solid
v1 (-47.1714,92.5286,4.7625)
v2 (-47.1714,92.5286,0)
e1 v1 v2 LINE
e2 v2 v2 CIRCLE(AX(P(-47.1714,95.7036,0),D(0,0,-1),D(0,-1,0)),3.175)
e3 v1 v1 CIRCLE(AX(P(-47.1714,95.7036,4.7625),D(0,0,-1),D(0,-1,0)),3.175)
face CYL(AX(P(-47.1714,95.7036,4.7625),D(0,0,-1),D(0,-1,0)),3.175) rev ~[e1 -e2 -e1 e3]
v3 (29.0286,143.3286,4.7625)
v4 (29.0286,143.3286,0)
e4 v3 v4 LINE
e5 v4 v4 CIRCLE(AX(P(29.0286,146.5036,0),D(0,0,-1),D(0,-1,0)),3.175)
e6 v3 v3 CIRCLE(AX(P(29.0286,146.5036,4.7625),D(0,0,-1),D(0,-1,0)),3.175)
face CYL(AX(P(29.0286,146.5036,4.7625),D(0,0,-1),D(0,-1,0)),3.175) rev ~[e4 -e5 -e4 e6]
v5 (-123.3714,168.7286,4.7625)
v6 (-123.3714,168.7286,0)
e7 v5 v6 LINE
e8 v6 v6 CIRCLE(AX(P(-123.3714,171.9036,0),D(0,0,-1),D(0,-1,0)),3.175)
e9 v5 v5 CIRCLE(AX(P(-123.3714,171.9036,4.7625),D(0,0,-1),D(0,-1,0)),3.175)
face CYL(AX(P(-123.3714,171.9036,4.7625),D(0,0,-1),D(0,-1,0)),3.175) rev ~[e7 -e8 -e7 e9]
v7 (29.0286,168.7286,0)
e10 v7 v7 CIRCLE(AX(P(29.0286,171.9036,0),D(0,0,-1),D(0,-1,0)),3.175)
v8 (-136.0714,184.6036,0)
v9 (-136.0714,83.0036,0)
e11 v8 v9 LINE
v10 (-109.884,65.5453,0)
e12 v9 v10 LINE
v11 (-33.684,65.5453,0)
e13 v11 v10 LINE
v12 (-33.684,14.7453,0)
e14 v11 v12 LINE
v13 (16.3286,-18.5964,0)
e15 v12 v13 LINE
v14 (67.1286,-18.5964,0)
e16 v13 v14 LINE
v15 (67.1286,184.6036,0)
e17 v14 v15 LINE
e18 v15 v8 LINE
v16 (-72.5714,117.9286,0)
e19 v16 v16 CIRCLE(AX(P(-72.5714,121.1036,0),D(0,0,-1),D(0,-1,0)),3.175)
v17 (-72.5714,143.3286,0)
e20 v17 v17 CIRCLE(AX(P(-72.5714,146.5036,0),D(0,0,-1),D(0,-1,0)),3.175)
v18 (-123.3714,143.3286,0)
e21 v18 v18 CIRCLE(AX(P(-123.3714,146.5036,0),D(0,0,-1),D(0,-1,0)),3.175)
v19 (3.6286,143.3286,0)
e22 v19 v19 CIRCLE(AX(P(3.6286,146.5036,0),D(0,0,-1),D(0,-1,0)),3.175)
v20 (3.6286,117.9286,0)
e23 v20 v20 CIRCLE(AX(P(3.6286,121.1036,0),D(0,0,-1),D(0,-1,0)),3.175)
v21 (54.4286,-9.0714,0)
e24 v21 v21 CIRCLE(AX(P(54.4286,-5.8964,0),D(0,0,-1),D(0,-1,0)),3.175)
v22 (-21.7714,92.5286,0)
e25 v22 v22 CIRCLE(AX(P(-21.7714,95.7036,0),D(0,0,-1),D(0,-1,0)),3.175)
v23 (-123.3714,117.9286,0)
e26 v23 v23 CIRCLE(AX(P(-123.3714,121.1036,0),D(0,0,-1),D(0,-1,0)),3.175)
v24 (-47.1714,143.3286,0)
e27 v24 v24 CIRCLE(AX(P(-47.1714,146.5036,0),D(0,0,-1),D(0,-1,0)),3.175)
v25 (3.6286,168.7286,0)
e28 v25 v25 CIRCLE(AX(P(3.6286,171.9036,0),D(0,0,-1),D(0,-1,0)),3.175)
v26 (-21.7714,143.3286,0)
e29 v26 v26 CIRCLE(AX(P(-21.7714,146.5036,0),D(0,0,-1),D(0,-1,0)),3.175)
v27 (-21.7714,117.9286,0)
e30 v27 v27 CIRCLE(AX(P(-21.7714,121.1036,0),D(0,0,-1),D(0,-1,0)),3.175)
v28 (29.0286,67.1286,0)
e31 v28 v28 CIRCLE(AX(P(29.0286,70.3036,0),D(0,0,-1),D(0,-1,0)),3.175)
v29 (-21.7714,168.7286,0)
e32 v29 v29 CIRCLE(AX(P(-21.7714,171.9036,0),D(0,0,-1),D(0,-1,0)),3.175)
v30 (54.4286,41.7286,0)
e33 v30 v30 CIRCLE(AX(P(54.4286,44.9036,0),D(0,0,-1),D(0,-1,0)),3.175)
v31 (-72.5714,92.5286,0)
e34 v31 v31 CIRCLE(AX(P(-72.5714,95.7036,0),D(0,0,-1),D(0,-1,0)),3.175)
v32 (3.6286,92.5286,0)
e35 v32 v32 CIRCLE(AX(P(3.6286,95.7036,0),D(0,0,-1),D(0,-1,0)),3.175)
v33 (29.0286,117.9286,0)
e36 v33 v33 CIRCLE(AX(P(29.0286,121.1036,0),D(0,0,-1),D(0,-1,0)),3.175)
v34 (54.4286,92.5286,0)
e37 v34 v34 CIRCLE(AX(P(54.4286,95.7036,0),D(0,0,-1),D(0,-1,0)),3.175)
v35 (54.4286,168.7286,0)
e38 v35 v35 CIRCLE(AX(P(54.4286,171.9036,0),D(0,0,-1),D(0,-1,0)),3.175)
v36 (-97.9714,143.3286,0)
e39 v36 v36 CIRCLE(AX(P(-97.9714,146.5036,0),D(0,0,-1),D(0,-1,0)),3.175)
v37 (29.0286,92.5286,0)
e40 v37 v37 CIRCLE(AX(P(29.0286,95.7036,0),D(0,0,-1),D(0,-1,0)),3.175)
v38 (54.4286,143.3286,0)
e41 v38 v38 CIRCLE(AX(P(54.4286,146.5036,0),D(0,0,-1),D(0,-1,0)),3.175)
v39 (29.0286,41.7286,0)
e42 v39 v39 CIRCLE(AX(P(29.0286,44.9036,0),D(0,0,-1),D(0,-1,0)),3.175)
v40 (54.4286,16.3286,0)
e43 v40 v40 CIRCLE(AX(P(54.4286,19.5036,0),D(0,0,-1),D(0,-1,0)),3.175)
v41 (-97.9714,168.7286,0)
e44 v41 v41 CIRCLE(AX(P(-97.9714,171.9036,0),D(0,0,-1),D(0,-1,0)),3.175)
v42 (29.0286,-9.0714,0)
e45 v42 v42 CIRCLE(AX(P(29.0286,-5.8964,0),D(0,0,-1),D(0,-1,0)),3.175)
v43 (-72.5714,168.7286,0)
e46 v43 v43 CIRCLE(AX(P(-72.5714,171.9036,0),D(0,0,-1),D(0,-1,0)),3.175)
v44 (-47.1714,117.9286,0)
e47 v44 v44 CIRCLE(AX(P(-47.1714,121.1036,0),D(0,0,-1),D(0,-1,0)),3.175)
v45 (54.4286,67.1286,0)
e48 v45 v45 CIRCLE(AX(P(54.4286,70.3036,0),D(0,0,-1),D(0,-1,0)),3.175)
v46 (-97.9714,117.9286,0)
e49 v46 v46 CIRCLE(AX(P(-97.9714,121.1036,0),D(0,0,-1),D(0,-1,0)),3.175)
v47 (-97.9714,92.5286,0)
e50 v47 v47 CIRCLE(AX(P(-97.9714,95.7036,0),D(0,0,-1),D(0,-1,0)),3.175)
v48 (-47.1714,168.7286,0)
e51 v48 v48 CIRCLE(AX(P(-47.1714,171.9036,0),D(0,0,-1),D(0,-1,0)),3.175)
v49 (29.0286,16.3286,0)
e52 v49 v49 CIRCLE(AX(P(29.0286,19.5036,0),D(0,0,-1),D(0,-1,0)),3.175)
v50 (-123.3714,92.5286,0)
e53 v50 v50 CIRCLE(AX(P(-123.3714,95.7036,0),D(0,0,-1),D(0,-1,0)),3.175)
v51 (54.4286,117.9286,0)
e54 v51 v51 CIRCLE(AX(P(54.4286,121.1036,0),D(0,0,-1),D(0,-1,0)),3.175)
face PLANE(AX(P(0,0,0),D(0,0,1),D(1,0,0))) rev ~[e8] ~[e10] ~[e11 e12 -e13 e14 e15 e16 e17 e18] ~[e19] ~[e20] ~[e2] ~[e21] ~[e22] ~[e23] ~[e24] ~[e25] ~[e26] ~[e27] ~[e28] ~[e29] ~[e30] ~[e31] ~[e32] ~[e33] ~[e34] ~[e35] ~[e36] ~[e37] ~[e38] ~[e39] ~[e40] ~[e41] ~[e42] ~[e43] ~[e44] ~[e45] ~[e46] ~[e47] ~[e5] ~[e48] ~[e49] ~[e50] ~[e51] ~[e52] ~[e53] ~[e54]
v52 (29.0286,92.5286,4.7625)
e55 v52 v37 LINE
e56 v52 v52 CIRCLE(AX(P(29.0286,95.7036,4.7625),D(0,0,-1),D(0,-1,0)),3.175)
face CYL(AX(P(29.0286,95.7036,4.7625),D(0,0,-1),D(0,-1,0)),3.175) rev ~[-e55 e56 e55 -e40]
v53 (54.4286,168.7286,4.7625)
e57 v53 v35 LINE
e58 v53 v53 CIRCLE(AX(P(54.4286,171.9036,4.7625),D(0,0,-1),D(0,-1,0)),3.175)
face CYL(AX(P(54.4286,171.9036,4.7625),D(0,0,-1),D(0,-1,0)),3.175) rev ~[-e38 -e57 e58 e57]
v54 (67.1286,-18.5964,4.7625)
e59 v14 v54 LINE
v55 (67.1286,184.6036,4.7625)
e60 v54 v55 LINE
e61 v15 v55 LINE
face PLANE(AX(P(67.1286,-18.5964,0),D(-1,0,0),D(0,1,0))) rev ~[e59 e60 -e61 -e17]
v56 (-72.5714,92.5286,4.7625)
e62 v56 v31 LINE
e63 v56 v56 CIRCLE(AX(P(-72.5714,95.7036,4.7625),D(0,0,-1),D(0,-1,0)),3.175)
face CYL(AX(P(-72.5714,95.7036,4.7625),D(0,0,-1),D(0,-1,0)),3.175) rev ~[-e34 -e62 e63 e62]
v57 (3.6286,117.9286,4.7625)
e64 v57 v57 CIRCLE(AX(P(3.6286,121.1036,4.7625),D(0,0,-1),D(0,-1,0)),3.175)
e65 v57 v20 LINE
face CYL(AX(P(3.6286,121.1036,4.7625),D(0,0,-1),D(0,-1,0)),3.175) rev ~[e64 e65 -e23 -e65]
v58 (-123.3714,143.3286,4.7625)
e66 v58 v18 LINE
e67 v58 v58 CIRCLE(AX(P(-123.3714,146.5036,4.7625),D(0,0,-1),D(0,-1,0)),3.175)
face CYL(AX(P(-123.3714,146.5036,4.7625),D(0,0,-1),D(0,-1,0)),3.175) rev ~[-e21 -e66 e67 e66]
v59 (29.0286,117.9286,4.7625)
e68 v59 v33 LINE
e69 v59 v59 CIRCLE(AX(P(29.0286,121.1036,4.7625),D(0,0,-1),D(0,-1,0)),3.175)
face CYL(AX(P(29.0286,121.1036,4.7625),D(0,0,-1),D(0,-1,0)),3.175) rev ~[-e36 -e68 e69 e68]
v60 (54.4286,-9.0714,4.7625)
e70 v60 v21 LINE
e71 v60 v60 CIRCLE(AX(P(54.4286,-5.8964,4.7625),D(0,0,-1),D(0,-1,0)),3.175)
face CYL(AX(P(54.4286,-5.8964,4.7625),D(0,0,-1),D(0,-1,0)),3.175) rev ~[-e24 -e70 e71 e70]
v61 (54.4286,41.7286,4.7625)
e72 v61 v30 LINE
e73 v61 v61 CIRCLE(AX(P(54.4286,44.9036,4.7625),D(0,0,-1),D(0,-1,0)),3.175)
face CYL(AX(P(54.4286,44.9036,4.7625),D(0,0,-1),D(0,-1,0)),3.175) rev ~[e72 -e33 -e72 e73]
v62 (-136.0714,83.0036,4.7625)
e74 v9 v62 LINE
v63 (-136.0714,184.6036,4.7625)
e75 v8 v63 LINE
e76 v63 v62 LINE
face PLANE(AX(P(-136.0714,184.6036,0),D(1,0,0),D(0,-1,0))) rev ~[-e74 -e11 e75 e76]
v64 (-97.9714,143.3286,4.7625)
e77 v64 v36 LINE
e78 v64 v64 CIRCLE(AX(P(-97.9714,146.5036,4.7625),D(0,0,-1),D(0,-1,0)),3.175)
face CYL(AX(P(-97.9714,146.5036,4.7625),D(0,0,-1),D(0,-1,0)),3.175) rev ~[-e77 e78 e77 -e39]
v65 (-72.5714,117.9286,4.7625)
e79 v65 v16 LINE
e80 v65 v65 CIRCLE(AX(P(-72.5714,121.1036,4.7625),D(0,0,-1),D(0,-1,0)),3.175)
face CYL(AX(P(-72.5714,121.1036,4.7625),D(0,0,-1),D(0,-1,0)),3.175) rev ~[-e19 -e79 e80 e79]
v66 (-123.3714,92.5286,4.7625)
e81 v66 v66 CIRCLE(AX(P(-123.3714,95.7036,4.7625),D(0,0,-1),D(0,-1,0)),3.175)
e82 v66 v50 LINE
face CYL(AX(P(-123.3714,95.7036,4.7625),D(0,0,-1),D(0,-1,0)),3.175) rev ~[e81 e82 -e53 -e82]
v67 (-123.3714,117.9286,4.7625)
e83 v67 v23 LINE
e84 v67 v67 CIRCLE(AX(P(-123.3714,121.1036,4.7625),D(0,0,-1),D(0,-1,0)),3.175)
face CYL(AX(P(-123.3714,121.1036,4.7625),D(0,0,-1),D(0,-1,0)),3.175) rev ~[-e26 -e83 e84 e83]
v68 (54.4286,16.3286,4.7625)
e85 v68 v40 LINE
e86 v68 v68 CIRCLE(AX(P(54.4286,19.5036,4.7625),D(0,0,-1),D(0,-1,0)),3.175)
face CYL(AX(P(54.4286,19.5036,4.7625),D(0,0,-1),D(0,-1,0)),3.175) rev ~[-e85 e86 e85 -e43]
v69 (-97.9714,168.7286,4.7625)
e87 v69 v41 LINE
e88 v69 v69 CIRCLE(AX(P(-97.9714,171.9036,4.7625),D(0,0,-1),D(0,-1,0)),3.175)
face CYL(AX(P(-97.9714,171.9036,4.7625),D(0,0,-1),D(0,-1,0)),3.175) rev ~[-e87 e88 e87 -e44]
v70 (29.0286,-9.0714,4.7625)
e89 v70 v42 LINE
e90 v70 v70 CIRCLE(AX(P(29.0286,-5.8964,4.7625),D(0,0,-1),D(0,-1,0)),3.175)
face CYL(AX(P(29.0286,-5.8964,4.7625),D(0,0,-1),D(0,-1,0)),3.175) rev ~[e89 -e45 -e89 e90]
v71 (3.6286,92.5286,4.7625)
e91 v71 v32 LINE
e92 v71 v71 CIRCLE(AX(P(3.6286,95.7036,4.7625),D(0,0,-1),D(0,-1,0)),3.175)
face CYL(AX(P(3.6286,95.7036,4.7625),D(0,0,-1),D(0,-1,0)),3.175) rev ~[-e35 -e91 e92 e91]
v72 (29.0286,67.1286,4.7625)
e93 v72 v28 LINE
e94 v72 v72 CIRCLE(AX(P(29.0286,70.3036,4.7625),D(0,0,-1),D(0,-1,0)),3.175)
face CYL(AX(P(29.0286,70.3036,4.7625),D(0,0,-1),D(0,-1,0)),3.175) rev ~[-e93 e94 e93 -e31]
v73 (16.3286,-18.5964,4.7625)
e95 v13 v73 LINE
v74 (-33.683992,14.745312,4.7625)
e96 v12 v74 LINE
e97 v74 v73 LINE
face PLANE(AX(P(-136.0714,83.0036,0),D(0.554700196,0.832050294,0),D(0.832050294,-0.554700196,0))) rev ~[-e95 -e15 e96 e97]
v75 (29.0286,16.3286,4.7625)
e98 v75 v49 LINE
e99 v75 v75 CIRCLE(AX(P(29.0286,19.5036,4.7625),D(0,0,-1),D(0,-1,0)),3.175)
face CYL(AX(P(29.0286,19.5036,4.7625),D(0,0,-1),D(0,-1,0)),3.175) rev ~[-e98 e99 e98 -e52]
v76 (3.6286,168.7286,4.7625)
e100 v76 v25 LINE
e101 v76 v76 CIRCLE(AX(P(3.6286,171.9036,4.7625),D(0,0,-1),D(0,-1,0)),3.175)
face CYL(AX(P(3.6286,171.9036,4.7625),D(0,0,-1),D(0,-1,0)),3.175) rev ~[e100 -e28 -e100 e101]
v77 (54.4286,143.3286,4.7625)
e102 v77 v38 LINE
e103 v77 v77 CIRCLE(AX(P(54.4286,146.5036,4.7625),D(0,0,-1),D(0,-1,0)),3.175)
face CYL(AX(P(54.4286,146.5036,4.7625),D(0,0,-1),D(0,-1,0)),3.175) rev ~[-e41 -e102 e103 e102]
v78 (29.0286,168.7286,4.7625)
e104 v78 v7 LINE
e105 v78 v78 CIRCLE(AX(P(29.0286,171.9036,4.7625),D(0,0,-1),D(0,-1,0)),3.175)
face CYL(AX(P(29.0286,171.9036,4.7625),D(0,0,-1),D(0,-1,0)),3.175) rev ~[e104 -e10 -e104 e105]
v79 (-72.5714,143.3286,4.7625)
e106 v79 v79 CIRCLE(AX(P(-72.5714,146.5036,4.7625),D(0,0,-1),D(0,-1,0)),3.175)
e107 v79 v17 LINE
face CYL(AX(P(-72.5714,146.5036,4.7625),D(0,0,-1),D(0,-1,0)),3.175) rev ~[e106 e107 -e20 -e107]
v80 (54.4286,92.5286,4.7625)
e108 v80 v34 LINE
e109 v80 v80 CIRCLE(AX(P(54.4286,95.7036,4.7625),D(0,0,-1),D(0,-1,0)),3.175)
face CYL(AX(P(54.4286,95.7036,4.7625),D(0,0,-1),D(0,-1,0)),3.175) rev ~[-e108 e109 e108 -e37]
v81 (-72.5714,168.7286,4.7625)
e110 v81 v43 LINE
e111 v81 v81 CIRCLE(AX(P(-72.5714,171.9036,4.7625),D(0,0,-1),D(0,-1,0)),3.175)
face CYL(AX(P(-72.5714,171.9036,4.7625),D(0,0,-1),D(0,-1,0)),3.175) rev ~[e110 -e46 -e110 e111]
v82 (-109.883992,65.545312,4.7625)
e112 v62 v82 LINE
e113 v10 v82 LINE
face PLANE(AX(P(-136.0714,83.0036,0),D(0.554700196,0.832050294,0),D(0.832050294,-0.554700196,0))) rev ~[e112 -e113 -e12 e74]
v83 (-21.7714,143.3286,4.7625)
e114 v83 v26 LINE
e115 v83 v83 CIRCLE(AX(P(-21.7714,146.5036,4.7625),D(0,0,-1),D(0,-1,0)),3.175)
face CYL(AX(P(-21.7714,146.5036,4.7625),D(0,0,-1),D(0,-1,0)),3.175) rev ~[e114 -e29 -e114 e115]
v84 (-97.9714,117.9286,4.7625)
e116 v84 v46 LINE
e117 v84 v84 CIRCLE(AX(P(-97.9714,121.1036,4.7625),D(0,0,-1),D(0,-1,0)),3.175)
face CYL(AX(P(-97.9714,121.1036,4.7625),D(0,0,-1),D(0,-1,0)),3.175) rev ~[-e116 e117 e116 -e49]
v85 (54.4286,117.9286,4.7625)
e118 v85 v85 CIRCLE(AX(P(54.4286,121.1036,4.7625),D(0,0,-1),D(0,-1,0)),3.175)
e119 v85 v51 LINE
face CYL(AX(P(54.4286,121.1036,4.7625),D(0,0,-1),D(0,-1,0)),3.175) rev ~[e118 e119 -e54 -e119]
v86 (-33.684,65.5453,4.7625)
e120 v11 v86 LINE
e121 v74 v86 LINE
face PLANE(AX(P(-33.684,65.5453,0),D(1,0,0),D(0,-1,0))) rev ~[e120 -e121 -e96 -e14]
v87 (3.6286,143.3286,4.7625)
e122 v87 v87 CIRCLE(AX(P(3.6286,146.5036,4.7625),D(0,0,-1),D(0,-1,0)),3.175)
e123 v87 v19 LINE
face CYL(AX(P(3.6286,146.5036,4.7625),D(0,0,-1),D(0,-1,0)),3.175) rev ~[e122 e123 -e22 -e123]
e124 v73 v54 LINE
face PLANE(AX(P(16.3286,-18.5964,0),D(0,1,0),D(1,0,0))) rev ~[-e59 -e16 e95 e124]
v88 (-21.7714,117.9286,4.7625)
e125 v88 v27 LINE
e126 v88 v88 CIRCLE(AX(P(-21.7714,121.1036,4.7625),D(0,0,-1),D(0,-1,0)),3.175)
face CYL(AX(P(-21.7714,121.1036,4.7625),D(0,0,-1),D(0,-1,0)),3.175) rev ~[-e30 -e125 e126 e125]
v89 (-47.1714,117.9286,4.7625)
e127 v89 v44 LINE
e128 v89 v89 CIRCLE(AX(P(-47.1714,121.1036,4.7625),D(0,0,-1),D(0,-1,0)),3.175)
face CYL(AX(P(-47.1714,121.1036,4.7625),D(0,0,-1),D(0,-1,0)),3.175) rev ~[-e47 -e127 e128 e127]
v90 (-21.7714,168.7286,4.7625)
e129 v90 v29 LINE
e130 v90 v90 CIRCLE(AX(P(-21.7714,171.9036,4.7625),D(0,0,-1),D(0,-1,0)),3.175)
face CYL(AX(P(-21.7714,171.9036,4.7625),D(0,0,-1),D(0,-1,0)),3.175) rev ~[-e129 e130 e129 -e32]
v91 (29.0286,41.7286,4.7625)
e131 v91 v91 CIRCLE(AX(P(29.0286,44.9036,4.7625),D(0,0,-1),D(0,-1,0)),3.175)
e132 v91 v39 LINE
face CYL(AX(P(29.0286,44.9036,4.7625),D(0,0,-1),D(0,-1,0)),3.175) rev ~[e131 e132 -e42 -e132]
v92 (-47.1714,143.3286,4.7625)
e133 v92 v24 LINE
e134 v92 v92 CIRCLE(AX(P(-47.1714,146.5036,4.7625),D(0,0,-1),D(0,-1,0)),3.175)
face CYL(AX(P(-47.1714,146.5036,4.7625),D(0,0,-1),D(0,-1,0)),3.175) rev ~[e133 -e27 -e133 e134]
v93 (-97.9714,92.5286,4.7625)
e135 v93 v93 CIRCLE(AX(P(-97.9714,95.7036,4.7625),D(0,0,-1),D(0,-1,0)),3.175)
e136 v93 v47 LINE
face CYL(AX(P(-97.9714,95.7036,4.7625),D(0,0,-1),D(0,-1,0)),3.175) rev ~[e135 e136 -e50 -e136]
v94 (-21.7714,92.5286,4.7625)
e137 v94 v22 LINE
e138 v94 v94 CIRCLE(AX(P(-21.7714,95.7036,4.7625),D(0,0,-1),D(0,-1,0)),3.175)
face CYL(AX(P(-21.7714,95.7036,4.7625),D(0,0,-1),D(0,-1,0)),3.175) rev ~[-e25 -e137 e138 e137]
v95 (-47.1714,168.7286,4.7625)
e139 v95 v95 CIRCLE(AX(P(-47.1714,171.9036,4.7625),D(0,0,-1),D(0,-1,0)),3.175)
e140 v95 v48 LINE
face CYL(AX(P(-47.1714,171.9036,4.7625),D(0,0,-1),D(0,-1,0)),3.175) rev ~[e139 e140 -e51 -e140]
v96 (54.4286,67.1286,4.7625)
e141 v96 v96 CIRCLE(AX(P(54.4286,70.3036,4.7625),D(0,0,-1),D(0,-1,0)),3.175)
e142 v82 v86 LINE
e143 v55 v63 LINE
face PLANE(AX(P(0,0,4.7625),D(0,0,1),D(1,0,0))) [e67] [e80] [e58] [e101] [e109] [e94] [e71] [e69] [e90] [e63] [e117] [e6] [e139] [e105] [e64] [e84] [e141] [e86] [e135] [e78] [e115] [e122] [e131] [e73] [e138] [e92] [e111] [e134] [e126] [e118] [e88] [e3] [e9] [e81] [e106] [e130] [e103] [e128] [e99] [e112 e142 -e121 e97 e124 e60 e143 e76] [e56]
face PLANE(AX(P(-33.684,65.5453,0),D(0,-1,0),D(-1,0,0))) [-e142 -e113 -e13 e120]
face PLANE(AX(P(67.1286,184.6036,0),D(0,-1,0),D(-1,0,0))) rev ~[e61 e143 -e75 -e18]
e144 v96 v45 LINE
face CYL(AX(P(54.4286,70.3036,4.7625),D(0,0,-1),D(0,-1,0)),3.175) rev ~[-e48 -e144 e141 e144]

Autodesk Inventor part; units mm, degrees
ref_plane "YZ Plane" through (0, 0, 0) normal (1, 0, 0) x (0, 1, 0)
ref_plane "XZ Plane" through (0, 0, 0) normal (0, 1, 0) x (-1, 0, 0)
ref_plane "XY Plane" through (0, 0, 0) normal (0, 0, 1) x (1, 0, 0)
sketch "Sketch1" plane through (0, 0, 0) normal (0, 0, 1) x (1, 0, 0)
  line L0 (-136.0714, 83.0036) -> (16.3286, -18.5964)
  line L1 (16.3286, -18.5964) -> (67.1286, -18.5964)
  line L2 (67.1286, -18.5964) -> (67.1286, 184.6036)
  line L3 (67.1286, 184.6036) -> (-136.0714, 184.6036)
  line L4 (-136.0714, 184.6036) -> (-136.0714, 83.0036)
  point P0 (0, 0)
  dimension "d0" = 101.6
  dimension "d1" = 50.8
  dimension "d2" = 203.2
  dimension "d4" = 203.2
extrude "Extrusion1" add sketch "Sketch1" along normal blind 4.7625
sketch "Sketch2" plane through (0, 0, 4.7625) normal (0, 0, 1) x (1, 0, 0)
  line L0 (16.3286, -18.5964) -> (67.1286, -18.5964) projected
  line L1 (67.1286, -18.5964) -> (67.1286, 184.6036) projected
  line L2 (67.1286, 184.6036) -> (-136.0714, 184.6036) projected
  line L3 (-136.0714, 184.6036) -> (-136.0714, 83.0036) projected
  point P0 (0, 0)
  point P1 (-123.3714, 171.9036)
  point P2 (-97.9714, 171.9036)
  point P3 (-72.5714, 171.9036)
  point P4 (-47.1714, 171.9036)
  point P5 (-21.7714, 171.9036)
  point P6 (3.6286, 171.9036)
  point P7 (29.0286, 171.9036)
  point P8 (54.4286, 171.9036)
  point P9 (-123.3714, 146.5036)
  point P10 (-97.9714, 146.5036)
  point P11 (-72.5714, 146.5036)
  point P12 (-47.1714, 146.5036)
  point P13 (-21.7714, 146.5036)
  point P14 (3.6286, 146.5036)
  point P15 (29.0286, 146.5036)
  point P16 (54.4286, 146.5036)
  point P17 (-123.3714, 121.1036)
  point P18 (-97.9714, 121.1036)
  point P19 (-72.5714, 121.1036)
  point P20 (-47.1714, 121.1036)
  point P21 (-21.7714, 121.1036)
  point P22 (3.6286, 121.1036)
  point P23 (29.0286, 121.1036)
  point P24 (54.4286, 121.1036)
  point P25 (-123.3714, 95.7036)
  point P26 (-97.9714, 95.7036)
  point P27 (-72.5714, 95.7036)
  point P28 (-47.1714, 95.7036)
  point P29 (-21.7714, 95.7036)
  point P30 (3.6286, 95.7036)
  point P31 (29.0286, 95.7036)
  point P32 (54.4286, 95.7036)
  point P33 (54.4286, 70.3036)
  point P34 (54.4286, 44.9036)
  point P35 (54.4286, 19.5036)
  point P36 (54.4286, -5.8964)
  point P37 (29.0286, 95.7036)
  point P38 (29.0286, 70.3036)
  point P39 (29.0286, 44.9036)
  point P40 (29.0286, 19.5036)
  point P41 (29.0286, -5.8964)
  dimension "d26" = 12.7
  dimension "d27" = 12.7
  dimension "d30" = 25.4
  dimension "d33" = 25.4
  dimension "d38" = 25.4
  dimension "d41" = 25.4
hole "Hole1" at (-123.3714, 171.9036, 4.7625) at (-97.9714, 171.9036, 4.7625) at (-72.5714, 171.9036, 4.7625) at (-47.1714, 171.9036, 4.7625) at (-21.7714, 171.9036, 4.7625) at (3.6286, 171.9036, 4.7625) at (29.0286, 171.9036, 4.7625) at (54.4286, 171.9036, 4.7625) at (-123.3714, 146.5036, 4.7625) at (-97.9714, 146.5036, 4.7625) at (-72.5714, 146.5036, 4.7625) at (-47.1714, 146.5036, 4.7625) at (-21.7714, 146.5036, 4.7625) at (3.6286, 146.5036, 4.7625) at (29.0286, 146.5036, 4.7625) at (54.4286, 146.5036, 4.7625) at (-123.3714, 121.1036, 4.7625) at (-97.9714, 121.1036, 4.7625) at (-72.5714, 121.1036, 4.7625) at (-47.1714, 121.1036, 4.7625) at (-21.7714, 121.1036, 4.7625) at (3.6286, 121.1036, 4.7625) at (29.0286, 121.1036, 4.7625) at (54.4286, 121.1036, 4.7625) at (-123.3714, 95.7036, 4.7625) at (-97.9714, 95.7036, 4.7625) at (-72.5714, 95.7036, 4.7625) at (-47.1714, 95.7036, 4.7625) at (-21.7714, 95.7036, 4.7625) at (3.6286, 95.7036, 4.7625) at (29.0286, 95.7036, 4.7625) at (54.4286, 95.7036, 4.7625) at (54.4286, 70.3036, 4.7625) at (54.4286, 44.9036, 4.7625) at (54.4286, 19.5036, 4.7625) at (54.4286, -5.8964, 4.7625) at (29.0286, 70.3036, 4.7625) at (29.0286, 44.9036, 4.7625) at (29.0286, 19.5036, 4.7625) at (29.0286, -5.8964, 4.7625) direction (0, 0, -1) diameter 6.35 end through all
sketch "Sketch3" plane through (0, 0, 0) normal (0, 0, -1) x (-1, 0, 0)
  line L0 (136.0714, 83.0036) -> (-16.3286, -18.5964) projected
  line L1 (33.684, 65.5453) -> (109.884, 65.5453)
  line L2 (33.684, 65.5453) -> (33.684, 14.7453)
  point P0 (0, 0)
  dimension "d53" = 50.8
  dimension "d54" = 33.3417
  dimension "d55" = 76.2
extrude "Extrusion2" cut sketch "Sketch3" against normal blind 25.4
equation "\"d4\" = d2"
properties part number "2020-2040_mounting_plate"
